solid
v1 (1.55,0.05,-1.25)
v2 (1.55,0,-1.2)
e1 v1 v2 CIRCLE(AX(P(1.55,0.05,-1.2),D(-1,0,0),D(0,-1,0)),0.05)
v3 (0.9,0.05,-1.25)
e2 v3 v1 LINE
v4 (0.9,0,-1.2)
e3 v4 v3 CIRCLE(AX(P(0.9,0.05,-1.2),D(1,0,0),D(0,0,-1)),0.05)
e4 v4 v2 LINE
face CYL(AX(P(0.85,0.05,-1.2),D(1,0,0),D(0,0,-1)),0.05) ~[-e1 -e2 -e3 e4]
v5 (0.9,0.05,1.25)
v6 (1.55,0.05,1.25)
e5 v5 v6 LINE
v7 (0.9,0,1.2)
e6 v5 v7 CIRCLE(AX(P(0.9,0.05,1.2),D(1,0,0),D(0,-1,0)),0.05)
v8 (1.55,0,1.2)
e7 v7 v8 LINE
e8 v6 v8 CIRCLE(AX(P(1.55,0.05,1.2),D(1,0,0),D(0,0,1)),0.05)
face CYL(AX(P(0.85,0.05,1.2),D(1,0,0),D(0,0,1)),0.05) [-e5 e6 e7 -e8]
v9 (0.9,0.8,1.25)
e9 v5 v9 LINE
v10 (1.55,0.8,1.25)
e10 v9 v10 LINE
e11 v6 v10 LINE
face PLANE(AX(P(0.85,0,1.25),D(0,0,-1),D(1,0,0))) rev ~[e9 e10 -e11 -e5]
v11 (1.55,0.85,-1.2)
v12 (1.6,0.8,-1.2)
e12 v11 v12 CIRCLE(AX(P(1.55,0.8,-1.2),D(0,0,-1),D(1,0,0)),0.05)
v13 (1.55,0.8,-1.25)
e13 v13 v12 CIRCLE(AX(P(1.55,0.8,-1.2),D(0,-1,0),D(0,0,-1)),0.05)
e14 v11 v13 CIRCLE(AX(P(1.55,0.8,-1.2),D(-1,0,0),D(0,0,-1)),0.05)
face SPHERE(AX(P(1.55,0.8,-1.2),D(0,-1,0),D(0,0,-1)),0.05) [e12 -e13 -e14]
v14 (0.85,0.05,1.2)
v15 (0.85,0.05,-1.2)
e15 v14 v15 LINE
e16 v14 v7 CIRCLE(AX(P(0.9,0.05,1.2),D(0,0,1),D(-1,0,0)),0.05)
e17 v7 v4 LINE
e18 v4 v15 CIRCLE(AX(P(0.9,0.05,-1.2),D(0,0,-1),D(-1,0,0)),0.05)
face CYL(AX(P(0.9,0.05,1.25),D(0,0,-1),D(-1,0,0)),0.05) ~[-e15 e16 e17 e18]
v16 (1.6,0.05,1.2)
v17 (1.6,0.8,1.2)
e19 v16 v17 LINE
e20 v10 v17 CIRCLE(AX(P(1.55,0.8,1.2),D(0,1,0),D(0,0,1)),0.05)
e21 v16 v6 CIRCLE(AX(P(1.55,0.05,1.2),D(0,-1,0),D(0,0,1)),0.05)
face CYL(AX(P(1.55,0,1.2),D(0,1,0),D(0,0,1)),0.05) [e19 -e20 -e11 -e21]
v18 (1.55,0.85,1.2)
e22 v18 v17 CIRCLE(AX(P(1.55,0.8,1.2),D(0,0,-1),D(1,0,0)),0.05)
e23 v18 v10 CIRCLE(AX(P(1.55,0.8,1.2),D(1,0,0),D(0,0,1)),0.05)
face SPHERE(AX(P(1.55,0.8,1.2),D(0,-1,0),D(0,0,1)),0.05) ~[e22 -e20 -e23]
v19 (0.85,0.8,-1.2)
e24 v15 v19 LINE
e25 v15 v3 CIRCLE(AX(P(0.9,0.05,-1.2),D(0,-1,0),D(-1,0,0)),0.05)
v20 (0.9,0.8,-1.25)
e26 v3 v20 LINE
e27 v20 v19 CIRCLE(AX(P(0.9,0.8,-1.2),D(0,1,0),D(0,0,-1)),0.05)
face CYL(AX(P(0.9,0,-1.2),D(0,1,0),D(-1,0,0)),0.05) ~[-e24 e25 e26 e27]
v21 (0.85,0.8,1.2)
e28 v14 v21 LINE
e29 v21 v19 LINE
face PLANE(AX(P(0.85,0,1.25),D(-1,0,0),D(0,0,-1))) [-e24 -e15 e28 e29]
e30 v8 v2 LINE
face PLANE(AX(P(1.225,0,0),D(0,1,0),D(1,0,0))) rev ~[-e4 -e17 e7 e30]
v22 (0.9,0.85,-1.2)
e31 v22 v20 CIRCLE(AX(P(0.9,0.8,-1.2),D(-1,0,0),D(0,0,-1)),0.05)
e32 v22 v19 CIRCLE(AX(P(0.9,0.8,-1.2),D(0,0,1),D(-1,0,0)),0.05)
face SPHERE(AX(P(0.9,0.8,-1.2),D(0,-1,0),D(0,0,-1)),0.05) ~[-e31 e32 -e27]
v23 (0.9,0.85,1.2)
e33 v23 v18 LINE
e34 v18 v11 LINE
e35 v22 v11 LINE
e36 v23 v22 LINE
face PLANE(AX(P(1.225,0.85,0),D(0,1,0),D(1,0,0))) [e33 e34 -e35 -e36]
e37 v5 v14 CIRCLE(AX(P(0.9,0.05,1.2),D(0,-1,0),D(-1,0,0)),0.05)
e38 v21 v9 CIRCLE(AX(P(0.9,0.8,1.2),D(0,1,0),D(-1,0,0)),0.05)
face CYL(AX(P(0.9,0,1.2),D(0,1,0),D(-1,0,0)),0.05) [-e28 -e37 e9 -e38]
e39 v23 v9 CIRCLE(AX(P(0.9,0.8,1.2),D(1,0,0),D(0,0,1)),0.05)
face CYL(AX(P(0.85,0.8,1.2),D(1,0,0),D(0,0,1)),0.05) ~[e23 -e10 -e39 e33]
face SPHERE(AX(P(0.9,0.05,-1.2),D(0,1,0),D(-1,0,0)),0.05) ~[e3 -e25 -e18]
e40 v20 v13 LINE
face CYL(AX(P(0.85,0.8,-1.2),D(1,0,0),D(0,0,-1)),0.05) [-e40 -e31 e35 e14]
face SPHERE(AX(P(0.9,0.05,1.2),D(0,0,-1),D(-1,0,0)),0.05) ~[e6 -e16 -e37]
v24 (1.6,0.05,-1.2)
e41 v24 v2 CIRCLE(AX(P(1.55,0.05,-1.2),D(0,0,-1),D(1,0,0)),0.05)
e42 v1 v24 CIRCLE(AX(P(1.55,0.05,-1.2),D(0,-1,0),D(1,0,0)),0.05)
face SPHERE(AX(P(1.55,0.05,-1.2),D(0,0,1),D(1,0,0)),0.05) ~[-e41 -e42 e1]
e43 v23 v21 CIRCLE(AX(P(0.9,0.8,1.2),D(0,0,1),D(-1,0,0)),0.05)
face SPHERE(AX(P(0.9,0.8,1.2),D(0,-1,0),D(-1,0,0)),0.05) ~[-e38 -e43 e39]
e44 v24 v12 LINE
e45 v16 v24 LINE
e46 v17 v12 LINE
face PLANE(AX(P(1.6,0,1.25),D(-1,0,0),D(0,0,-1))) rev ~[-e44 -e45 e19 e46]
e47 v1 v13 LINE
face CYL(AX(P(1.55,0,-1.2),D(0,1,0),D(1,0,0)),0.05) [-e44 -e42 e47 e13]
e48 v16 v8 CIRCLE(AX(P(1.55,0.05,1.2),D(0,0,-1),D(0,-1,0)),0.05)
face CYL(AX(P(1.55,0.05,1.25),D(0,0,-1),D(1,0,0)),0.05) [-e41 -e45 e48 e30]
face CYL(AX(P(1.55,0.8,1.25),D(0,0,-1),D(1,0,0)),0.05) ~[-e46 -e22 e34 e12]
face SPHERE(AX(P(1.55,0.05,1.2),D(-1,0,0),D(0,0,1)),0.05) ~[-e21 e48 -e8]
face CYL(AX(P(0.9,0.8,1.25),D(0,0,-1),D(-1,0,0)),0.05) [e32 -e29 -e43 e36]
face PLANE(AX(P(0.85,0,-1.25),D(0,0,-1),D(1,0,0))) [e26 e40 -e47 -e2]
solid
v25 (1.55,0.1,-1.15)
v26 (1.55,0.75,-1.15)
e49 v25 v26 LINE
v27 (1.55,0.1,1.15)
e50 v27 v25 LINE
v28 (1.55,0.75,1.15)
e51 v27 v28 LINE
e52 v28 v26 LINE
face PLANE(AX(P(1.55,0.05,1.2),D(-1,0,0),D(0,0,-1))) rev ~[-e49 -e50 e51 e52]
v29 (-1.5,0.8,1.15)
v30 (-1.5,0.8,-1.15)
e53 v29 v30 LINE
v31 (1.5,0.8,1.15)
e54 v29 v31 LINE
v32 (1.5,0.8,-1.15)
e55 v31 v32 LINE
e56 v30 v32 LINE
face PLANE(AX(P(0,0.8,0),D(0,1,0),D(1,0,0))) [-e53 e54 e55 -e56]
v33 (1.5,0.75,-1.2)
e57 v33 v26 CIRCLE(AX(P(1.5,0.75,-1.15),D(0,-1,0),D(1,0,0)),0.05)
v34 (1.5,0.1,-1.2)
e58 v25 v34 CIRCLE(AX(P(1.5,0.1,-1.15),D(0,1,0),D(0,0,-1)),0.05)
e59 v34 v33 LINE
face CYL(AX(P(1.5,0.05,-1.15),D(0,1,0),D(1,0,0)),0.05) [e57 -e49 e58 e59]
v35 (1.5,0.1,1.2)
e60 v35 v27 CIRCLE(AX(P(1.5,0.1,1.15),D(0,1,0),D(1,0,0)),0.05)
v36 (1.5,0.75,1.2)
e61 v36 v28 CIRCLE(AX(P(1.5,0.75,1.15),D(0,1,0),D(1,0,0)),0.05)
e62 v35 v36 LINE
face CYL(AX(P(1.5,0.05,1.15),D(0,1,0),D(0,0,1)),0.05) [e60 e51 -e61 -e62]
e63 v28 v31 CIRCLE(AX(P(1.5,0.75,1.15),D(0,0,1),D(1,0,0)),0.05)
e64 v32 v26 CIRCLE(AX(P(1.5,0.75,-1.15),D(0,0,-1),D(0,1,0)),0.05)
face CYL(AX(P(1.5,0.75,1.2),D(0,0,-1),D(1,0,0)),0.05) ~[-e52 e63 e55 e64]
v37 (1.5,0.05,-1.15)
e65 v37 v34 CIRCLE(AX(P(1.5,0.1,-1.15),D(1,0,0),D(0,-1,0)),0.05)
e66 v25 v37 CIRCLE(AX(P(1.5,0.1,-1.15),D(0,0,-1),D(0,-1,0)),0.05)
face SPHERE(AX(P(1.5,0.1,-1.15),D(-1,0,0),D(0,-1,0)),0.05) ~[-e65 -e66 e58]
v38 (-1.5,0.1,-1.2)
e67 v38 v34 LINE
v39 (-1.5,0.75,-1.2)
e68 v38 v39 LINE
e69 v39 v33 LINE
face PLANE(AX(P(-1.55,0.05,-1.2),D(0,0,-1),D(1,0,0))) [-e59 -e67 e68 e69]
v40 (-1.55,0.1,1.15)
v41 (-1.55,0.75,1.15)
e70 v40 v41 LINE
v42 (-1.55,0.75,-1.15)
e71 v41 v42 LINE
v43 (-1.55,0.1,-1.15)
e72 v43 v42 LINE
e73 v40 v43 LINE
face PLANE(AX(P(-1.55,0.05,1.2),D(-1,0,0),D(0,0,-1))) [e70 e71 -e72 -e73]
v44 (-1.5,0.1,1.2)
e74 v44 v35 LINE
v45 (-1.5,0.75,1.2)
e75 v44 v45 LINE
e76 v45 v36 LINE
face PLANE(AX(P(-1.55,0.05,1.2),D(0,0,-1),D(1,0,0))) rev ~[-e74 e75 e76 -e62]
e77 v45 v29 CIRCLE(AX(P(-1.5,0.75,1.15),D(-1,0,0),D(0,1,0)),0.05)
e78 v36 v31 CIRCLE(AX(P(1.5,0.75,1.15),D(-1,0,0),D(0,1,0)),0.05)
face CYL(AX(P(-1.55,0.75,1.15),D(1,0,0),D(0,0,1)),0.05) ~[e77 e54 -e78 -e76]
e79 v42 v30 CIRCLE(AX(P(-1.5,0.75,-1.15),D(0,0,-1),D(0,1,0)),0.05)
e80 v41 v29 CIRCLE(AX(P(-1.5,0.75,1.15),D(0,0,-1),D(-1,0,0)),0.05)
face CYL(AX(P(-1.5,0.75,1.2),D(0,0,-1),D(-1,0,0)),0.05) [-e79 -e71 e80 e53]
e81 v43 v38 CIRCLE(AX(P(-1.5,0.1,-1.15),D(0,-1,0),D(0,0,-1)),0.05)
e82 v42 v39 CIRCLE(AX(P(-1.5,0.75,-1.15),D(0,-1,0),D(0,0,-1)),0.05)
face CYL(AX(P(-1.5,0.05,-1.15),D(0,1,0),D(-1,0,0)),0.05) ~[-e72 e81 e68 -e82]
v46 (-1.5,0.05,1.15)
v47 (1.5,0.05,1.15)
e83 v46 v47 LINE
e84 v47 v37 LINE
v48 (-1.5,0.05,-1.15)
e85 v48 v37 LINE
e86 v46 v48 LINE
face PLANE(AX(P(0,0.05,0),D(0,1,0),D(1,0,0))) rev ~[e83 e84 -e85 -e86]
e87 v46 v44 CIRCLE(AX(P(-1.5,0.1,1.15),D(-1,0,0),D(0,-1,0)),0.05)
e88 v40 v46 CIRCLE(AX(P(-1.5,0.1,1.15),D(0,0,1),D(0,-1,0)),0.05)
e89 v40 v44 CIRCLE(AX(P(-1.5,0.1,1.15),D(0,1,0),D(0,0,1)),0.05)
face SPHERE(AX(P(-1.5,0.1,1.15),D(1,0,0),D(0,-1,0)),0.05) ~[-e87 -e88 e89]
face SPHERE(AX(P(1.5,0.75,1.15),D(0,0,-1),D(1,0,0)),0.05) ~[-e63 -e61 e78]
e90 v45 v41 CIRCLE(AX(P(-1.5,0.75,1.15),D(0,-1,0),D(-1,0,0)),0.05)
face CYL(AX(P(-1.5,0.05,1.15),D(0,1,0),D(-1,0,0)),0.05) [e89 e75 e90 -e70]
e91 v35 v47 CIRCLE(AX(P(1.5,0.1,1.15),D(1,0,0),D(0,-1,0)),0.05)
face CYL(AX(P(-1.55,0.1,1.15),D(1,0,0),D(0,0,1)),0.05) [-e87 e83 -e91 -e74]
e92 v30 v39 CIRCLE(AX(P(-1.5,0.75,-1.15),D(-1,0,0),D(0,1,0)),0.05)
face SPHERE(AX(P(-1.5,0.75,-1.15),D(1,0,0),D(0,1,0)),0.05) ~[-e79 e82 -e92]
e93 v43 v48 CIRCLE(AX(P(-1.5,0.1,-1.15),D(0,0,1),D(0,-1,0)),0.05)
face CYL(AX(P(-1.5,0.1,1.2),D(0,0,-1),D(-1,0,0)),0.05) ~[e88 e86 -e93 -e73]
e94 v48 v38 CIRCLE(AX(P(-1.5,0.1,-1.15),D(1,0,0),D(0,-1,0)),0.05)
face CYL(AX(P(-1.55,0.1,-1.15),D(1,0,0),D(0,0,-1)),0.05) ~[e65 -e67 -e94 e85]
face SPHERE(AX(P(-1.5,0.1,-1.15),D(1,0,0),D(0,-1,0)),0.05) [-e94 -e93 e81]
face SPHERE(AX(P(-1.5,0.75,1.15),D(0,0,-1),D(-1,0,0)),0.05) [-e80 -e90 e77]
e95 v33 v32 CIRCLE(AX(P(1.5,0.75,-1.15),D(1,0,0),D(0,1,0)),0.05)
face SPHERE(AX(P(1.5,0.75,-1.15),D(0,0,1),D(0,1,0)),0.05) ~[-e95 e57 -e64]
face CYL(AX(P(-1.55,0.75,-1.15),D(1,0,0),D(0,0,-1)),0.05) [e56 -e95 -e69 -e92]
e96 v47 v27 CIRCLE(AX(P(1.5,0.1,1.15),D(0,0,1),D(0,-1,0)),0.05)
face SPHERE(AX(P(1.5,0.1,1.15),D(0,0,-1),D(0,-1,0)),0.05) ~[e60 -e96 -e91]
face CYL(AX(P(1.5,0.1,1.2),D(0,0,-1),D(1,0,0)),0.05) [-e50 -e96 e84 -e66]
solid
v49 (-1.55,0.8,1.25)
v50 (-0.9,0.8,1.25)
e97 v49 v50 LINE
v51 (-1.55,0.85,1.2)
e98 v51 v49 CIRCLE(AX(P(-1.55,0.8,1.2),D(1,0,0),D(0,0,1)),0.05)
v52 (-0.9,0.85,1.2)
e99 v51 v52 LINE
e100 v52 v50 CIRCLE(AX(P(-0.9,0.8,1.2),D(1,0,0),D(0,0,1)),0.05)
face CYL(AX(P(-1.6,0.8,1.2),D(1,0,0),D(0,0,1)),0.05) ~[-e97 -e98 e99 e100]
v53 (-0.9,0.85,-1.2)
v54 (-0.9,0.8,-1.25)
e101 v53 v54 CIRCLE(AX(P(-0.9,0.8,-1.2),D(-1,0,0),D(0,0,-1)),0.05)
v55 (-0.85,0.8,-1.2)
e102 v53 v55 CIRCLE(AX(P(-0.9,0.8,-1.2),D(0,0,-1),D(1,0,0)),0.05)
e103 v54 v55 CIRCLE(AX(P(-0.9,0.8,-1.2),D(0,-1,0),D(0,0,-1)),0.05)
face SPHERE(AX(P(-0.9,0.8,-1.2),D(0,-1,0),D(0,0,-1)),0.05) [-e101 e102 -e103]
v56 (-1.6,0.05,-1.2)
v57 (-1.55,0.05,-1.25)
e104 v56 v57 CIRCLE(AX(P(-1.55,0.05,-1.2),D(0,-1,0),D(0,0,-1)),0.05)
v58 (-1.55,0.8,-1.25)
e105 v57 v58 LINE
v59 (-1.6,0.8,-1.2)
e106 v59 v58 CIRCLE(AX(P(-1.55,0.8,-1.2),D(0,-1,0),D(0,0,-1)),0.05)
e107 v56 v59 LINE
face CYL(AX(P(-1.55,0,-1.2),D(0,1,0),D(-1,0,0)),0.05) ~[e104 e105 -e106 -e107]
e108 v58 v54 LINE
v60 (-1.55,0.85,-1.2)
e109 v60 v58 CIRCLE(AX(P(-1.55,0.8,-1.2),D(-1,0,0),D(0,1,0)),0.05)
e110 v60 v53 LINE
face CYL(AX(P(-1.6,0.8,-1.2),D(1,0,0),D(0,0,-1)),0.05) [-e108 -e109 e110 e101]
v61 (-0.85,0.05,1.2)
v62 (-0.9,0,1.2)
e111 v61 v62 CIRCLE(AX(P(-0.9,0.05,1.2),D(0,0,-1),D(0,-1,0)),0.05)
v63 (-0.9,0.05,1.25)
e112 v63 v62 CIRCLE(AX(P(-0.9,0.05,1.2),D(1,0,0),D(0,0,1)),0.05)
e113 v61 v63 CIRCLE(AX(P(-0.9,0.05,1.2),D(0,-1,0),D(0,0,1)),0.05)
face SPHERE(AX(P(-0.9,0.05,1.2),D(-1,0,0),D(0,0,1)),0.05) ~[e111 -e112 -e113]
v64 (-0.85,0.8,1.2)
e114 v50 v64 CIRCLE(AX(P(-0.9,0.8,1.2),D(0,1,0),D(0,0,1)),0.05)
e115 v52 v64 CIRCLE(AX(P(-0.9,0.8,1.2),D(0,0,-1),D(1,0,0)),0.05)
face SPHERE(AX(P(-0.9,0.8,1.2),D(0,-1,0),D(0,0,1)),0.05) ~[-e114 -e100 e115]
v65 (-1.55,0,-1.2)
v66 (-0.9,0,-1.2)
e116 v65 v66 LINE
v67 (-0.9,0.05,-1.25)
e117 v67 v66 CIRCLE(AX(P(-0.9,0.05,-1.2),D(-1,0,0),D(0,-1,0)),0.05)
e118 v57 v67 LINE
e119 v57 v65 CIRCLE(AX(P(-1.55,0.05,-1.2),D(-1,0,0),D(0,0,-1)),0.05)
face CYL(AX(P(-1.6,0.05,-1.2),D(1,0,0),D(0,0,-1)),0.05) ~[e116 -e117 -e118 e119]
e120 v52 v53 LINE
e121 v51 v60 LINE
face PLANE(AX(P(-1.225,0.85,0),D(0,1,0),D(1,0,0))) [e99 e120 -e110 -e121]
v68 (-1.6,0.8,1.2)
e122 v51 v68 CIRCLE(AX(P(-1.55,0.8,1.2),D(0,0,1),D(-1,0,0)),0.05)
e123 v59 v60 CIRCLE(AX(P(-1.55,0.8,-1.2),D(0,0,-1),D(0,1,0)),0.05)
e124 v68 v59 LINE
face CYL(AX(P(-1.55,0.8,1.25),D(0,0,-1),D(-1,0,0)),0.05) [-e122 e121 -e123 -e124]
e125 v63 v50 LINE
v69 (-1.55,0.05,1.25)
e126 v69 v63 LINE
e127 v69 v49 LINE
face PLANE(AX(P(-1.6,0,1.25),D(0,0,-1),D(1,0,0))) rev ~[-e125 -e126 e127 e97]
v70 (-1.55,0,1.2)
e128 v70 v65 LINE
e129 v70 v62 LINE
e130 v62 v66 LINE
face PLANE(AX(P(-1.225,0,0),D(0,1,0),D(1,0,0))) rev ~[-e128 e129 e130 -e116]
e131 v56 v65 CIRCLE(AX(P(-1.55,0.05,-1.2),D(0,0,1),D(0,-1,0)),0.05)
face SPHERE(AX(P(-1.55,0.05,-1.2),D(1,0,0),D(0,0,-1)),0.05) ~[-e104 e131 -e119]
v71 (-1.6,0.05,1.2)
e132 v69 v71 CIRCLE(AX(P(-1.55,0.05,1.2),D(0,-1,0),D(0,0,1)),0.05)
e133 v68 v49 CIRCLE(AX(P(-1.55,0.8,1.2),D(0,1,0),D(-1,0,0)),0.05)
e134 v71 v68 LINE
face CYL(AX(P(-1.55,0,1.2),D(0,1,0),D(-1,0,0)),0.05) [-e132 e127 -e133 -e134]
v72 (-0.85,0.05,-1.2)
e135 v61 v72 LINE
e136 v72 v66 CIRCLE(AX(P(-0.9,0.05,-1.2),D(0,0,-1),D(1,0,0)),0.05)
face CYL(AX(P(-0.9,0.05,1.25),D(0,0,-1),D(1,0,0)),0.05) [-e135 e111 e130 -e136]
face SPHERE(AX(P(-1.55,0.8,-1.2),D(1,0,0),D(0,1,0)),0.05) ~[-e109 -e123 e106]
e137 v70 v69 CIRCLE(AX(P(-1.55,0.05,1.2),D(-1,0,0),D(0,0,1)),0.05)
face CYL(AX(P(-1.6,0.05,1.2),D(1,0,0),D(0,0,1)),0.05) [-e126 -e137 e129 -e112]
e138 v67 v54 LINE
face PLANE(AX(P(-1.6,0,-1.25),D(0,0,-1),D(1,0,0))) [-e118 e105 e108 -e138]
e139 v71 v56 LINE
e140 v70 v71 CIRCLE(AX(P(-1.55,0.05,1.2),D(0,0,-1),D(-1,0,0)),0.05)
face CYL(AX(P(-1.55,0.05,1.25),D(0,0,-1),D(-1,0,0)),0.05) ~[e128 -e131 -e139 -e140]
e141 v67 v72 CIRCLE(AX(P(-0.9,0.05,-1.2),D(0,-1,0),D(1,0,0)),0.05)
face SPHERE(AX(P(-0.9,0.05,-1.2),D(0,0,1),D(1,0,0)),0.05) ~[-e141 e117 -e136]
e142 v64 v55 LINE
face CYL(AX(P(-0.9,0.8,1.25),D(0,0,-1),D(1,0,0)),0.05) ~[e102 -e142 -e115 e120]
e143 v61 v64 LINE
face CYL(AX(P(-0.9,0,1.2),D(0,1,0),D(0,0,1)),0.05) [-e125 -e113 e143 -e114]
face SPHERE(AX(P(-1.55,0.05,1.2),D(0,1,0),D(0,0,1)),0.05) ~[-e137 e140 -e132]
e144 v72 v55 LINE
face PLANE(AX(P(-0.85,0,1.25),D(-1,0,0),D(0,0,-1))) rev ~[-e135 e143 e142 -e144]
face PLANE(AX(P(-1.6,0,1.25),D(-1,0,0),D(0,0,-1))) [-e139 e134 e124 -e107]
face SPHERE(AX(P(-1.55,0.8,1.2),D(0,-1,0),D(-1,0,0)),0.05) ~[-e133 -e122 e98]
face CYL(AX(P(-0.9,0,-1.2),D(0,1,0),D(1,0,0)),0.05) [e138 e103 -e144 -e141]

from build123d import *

# Parameters (mm, degrees)
SKETCH1_W             = 3.1
SKETCH1_H             = 2.4
BOSS_EXTRUDE1_DEPTH   = 0.75
SKETCH2_W             = 0.75
SKETCH2_H             = 2.5
BOSS_EXTRUDE2_DEPTH   = 0.85
BOSS_EXTRUDE2_2_DEPTH = 0.85
FILLET1_R             = 0.05
FILLET2_R             = 0.05
FILLET3_R             = 0.05


with BuildPart() as part:
    # Sketch1 → Boss-Extrude1 (new body)
    with BuildSketch(Plane(origin=(0, 0.05, 0), x_dir=(1, 0, 0), z_dir=(0, 1, 0))):
        Rectangle(SKETCH1_W, SKETCH1_H)
    extrude(amount=BOSS_EXTRUDE1_DEPTH)

    # Fillet3
    fillet3_edges = [part.edges().sort_by_distance(p)[0] for p in [
        (1.55, 0.8, 0),
        (0, 0.8, -1.2),
        (-1.55, 0.8, 0),
        (0, 0.05, -1.2),
        (1.55, 0.05, 0),
        (0, 0.05, 1.2),
        (-1.55, 0.05, 0),
        (-1.55, 0.425, -1.2),
        (1.55, 0.425, -1.2),
        (1.55, 0.425, 1.2),
        (-1.55, 0.425, 1.2),
        (0, 0.8, 1.2),
    ]]
    fillet(fillet3_edges, radius=FILLET3_R)


with BuildPart() as body_2:
    # Sketch2 → Boss-Extrude2 (new body)
    with BuildSketch(Plane(origin=(0, 0, 0), x_dir=(1, 0, 0), z_dir=(0, 1, 0))):
        with Locations((-1.225, 0)):
            Rectangle(SKETCH2_W, SKETCH2_H)
    extrude(amount=BOSS_EXTRUDE2_DEPTH)

    # Fillet2
    fillet2_edges = [body_2.edges().sort_by_distance(p)[0] for p in [
        (-1.6, 0.425, 1.25),
        (-1.225, 0, 1.25),
        (-0.85, 0.425, 1.25),
        (-0.85, 0, 0),
        (-0.85, 0.425, -1.25),
        (-1.225, 0, -1.25),
        (-1.225, 0.85, -1.25),
        (-1.6, 0.85, 0),
        (-1.225, 0.85, 1.25),
        (-0.85, 0.85, 0),
        (-1.6, 0.425, -1.25),
        (-1.6, 0, 0),
    ]]
    fillet(fillet2_edges, radius=FILLET2_R)


with BuildPart() as body_3:
    # Sketch2 → Boss-Extrude2 2 (new body)
    with BuildSketch(Plane(origin=(0, 0, 0), x_dir=(1, 0, 0), z_dir=(0, 1, 0))):
        with Locations((1.225, 0)):
            Rectangle(SKETCH2_W, SKETCH2_H)
    extrude(amount=BOSS_EXTRUDE2_2_DEPTH)

    # Fillet1
    fillet1_edges = [body_3.edges().sort_by_distance(p)[0] for p in [
        (0.85, 0.425, -1.25),
        (0.85, 0, 0),
        (0.85, 0.425, 1.25),
        (1.225, 0, 1.25),
        (1.6, 0.425, 1.25),
        (1.6, 0, 0),
        (1.6, 0.425, -1.25),
        (1.225, 0, -1.25),
        (1.225, 0.85, -1.25),
        (0.85, 0.85, 0),
        (1.225, 0.85, 1.25),
        (1.6, 0.85, 0),
    ]]
    fillet(fillet1_edges, radius=FILLET1_R)


solid = Compound([part.part, body_2.part, body_3.part])
